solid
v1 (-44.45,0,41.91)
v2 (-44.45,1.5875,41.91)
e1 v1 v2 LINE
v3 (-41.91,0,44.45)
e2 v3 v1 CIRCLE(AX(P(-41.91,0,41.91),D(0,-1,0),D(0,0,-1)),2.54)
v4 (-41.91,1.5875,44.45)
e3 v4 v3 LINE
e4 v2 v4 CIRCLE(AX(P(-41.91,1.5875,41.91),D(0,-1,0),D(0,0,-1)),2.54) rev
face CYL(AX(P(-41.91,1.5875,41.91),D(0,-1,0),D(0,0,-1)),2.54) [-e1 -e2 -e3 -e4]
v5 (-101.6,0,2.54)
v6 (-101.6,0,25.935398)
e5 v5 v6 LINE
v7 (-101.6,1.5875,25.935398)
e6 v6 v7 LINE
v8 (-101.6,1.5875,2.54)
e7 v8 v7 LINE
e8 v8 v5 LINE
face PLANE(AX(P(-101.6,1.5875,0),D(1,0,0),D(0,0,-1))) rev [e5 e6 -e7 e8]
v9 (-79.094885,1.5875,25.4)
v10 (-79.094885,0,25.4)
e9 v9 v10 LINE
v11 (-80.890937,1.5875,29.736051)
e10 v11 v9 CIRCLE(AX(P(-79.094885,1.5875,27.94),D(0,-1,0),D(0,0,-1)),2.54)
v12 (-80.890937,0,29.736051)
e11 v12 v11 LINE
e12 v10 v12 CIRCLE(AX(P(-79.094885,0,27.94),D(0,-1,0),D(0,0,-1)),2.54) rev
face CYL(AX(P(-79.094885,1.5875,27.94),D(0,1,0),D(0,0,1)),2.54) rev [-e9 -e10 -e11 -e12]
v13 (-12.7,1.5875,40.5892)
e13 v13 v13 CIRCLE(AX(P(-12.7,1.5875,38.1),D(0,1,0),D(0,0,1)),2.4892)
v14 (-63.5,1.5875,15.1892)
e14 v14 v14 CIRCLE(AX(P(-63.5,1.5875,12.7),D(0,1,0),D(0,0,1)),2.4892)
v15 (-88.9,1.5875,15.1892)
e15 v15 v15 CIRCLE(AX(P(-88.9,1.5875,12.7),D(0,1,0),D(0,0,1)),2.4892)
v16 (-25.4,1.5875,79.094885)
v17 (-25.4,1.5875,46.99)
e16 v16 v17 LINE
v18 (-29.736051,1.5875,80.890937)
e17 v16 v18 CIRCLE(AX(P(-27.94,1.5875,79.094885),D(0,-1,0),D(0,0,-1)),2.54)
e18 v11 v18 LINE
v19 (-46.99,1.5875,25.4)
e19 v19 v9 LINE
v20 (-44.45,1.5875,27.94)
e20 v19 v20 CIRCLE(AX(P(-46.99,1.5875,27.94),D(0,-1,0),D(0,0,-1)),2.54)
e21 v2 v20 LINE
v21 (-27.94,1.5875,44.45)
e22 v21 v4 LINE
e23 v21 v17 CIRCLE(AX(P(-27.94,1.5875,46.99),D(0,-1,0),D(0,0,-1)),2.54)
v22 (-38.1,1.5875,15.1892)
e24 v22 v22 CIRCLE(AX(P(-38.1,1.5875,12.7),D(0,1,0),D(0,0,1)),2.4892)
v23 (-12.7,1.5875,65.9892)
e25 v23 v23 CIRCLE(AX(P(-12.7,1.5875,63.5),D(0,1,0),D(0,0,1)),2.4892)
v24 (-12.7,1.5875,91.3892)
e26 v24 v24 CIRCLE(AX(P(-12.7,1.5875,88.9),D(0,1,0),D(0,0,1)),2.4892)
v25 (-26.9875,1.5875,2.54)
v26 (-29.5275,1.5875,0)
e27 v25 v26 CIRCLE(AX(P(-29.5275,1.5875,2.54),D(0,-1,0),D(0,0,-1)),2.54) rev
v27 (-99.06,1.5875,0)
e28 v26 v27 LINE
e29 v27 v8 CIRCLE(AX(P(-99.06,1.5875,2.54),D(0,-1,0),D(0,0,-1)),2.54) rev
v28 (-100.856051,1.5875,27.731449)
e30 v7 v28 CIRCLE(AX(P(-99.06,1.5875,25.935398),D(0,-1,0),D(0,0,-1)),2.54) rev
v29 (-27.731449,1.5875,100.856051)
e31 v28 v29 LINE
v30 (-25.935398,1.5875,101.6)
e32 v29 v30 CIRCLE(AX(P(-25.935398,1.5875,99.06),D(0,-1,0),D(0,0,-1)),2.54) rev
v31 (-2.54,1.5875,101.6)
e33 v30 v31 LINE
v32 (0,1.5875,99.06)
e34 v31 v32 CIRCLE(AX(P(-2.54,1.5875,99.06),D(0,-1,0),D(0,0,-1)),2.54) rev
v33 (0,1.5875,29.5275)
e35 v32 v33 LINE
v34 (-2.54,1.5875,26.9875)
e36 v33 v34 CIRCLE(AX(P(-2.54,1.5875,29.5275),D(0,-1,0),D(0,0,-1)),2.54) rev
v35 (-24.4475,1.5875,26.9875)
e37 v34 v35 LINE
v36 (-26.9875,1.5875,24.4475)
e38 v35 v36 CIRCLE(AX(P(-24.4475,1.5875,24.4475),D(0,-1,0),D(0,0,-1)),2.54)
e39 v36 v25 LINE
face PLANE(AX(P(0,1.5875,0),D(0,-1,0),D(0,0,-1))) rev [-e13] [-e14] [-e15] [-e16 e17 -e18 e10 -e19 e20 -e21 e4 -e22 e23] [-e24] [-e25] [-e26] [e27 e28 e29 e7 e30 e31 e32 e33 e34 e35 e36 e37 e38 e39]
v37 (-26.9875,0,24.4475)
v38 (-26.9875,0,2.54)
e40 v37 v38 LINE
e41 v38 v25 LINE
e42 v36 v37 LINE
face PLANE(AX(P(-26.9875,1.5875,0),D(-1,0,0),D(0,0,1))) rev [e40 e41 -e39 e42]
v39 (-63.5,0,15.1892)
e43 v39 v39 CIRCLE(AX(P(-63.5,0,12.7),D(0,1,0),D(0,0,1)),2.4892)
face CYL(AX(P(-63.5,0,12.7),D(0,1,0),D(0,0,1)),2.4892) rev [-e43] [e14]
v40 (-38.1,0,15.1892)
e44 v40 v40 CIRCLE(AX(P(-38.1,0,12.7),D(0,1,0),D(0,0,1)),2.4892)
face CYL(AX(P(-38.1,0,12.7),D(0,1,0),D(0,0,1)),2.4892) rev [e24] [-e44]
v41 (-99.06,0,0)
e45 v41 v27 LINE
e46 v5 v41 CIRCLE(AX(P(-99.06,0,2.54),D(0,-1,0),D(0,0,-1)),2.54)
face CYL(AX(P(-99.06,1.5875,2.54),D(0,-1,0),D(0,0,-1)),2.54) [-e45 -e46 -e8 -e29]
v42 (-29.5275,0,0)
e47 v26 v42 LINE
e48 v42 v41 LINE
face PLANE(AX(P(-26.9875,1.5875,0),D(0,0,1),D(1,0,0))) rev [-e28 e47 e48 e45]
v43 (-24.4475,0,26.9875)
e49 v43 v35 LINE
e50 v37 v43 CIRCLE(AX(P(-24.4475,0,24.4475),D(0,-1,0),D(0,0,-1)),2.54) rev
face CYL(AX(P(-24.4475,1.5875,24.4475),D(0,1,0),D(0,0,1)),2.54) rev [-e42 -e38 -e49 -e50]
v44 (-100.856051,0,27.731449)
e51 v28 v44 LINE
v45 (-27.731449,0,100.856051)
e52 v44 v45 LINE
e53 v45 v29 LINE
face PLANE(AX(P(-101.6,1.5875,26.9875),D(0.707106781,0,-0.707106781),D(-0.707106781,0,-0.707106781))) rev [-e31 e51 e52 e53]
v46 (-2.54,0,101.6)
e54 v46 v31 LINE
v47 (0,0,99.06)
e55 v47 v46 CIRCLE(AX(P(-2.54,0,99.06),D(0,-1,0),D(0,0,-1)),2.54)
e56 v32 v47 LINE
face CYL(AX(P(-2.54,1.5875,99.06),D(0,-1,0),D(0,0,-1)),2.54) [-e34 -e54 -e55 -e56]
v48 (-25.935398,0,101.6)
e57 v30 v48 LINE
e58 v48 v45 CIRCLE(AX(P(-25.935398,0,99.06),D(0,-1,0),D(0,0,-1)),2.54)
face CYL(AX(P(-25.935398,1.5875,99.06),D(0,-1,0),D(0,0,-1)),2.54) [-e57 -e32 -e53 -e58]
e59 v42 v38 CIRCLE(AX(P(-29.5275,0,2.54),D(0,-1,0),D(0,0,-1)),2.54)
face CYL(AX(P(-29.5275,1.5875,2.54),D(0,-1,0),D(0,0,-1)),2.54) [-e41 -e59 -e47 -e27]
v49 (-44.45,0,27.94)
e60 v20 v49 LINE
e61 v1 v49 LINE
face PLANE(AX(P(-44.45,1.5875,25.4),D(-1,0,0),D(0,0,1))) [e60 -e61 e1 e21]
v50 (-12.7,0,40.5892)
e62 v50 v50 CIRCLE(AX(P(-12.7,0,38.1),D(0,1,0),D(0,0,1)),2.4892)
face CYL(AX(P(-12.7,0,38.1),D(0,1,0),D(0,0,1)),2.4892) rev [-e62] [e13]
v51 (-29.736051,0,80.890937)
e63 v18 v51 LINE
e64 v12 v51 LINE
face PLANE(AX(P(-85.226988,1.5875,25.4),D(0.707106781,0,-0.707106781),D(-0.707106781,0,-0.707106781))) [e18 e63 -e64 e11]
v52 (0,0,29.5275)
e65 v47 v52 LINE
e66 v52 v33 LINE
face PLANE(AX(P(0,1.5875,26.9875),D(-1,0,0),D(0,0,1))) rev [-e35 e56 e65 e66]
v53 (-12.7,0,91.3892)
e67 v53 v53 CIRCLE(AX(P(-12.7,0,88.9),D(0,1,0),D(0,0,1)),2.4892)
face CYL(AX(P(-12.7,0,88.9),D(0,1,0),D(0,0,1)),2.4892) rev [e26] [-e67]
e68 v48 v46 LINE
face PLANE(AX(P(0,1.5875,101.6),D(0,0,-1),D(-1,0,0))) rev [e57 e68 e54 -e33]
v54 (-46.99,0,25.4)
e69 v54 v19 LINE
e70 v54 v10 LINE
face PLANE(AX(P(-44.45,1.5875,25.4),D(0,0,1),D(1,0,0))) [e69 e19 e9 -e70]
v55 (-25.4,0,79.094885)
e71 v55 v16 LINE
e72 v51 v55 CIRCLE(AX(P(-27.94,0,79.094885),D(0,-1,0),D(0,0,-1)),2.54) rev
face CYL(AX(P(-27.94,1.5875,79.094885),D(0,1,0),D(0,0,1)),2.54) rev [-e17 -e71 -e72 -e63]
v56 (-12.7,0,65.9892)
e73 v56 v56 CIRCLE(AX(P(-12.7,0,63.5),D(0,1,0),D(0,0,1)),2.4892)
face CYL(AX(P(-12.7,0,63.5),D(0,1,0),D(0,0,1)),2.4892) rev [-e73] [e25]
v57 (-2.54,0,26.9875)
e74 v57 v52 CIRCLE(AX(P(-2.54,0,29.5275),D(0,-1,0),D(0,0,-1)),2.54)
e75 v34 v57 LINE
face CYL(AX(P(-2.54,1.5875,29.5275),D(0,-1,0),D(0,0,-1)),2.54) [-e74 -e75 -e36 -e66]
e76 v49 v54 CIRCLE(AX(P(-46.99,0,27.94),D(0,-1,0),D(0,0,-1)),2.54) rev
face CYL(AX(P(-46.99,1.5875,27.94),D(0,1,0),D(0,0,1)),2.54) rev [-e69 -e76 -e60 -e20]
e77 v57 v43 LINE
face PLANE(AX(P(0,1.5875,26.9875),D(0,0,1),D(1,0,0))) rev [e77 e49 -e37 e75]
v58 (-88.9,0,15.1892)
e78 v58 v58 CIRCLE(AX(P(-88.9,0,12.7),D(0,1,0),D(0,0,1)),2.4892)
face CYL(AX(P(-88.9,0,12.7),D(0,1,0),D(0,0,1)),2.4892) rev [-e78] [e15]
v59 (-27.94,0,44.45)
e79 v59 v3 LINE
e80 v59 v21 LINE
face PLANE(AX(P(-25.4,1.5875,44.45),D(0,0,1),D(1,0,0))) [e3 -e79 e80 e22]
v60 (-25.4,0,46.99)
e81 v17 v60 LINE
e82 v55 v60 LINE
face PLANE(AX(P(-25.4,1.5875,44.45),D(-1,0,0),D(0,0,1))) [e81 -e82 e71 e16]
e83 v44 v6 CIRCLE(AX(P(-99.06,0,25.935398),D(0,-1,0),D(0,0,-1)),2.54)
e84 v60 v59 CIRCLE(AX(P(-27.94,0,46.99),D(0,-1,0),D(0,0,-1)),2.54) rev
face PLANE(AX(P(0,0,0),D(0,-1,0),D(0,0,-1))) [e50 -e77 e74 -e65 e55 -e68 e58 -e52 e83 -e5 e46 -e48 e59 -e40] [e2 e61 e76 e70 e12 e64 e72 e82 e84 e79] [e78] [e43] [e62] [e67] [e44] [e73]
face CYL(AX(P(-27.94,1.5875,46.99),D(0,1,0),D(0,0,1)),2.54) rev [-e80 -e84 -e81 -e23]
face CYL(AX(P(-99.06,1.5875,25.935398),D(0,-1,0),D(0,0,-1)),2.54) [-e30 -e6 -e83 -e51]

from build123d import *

# Parameters (mm, degrees)
BOSS_EXTRUDE1_DEPTH = 1.5875
FILLET1_R           = 2.54
SKETCH2_R           = 2.4892
CUT_EXTRUDE1_DEPTH  = 2.5875
LPATTERN1_COUNT     = 3
LPATTERN1_PITCH     = 25.4
LPATTERN2_COUNT     = 3
LPATTERN2_PITCH     = 25.4


with BuildPart() as part:
    # Sketch1 → Boss-Extrude1 (new body)
    with BuildSketch(Plane(origin=(0, 0, 0), x_dir=(1, 0, 0), z_dir=(0, 1, 0))):
        Polygon((0, -26.9875), (-26.9875, -26.9875), (-26.9875, 0), (-101.6, 0), (-101.6, -26.9875), (-26.9875, -101.6), (0, -101.6), align=None)
        Polygon((-85.226987758, -25.4), (-25.4, -85.226987758), (-25.4, -44.45), (-44.45, -44.45), (-44.45, -25.4), align=None, mode=Mode.SUBTRACT)
    extrude(amount=BOSS_EXTRUDE1_DEPTH)

    # Fillet1
    fillet1_edges = [part.edges().sort_by_distance(p)[0] for p in [
        (-26.9875, 0.79375, 26.9875),
        (0, 0.79375, 26.9875),
        (0, 0.79375, 101.6),
        (-26.9875, 0.79375, 101.6),
        (-101.6, 0.79375, 26.9875),
        (-101.6, 0.79375, 0),
        (-26.9875, 0.79375, 0),
        (-44.45, 0.79375, 25.4),
        (-85.226987758, 0.79375, 25.4),
        (-25.4, 0.79375, 85.226987758),
        (-25.4, 0.79375, 44.45),
        (-44.45, 0.79375, 44.45),
    ]]
    fillet(fillet1_edges, radius=FILLET1_R)

    # Sketch2 → Cut-Extrude1 (cut, through all)
    with BuildSketch(Plane(origin=(0, 1.5875, 0), x_dir=(1, 0, 0), z_dir=(0, 1, 0))):
        with Locations((-88.9, -12.7)):
            Circle(SKETCH2_R)
        with Locations((-12.7, -88.9)):
            Circle(SKETCH2_R)
    cut_extrude1 = extrude(amount=-CUT_EXTRUDE1_DEPTH, mode=Mode.SUBTRACT)

    # LPattern1: Cut-Extrude1 ×3
    with Locations(*[(i * LPATTERN1_PITCH, 0, 0) for i in range(1, LPATTERN1_COUNT)]):
        add(cut_extrude1, mode=Mode.SUBTRACT)

    # LPattern2: Cut-Extrude1 ×3
    with Locations(*[(0, 0, -i * LPATTERN2_PITCH) for i in range(1, LPATTERN2_COUNT)]):
        add(cut_extrude1, mode=Mode.SUBTRACT)


solid = part.part
